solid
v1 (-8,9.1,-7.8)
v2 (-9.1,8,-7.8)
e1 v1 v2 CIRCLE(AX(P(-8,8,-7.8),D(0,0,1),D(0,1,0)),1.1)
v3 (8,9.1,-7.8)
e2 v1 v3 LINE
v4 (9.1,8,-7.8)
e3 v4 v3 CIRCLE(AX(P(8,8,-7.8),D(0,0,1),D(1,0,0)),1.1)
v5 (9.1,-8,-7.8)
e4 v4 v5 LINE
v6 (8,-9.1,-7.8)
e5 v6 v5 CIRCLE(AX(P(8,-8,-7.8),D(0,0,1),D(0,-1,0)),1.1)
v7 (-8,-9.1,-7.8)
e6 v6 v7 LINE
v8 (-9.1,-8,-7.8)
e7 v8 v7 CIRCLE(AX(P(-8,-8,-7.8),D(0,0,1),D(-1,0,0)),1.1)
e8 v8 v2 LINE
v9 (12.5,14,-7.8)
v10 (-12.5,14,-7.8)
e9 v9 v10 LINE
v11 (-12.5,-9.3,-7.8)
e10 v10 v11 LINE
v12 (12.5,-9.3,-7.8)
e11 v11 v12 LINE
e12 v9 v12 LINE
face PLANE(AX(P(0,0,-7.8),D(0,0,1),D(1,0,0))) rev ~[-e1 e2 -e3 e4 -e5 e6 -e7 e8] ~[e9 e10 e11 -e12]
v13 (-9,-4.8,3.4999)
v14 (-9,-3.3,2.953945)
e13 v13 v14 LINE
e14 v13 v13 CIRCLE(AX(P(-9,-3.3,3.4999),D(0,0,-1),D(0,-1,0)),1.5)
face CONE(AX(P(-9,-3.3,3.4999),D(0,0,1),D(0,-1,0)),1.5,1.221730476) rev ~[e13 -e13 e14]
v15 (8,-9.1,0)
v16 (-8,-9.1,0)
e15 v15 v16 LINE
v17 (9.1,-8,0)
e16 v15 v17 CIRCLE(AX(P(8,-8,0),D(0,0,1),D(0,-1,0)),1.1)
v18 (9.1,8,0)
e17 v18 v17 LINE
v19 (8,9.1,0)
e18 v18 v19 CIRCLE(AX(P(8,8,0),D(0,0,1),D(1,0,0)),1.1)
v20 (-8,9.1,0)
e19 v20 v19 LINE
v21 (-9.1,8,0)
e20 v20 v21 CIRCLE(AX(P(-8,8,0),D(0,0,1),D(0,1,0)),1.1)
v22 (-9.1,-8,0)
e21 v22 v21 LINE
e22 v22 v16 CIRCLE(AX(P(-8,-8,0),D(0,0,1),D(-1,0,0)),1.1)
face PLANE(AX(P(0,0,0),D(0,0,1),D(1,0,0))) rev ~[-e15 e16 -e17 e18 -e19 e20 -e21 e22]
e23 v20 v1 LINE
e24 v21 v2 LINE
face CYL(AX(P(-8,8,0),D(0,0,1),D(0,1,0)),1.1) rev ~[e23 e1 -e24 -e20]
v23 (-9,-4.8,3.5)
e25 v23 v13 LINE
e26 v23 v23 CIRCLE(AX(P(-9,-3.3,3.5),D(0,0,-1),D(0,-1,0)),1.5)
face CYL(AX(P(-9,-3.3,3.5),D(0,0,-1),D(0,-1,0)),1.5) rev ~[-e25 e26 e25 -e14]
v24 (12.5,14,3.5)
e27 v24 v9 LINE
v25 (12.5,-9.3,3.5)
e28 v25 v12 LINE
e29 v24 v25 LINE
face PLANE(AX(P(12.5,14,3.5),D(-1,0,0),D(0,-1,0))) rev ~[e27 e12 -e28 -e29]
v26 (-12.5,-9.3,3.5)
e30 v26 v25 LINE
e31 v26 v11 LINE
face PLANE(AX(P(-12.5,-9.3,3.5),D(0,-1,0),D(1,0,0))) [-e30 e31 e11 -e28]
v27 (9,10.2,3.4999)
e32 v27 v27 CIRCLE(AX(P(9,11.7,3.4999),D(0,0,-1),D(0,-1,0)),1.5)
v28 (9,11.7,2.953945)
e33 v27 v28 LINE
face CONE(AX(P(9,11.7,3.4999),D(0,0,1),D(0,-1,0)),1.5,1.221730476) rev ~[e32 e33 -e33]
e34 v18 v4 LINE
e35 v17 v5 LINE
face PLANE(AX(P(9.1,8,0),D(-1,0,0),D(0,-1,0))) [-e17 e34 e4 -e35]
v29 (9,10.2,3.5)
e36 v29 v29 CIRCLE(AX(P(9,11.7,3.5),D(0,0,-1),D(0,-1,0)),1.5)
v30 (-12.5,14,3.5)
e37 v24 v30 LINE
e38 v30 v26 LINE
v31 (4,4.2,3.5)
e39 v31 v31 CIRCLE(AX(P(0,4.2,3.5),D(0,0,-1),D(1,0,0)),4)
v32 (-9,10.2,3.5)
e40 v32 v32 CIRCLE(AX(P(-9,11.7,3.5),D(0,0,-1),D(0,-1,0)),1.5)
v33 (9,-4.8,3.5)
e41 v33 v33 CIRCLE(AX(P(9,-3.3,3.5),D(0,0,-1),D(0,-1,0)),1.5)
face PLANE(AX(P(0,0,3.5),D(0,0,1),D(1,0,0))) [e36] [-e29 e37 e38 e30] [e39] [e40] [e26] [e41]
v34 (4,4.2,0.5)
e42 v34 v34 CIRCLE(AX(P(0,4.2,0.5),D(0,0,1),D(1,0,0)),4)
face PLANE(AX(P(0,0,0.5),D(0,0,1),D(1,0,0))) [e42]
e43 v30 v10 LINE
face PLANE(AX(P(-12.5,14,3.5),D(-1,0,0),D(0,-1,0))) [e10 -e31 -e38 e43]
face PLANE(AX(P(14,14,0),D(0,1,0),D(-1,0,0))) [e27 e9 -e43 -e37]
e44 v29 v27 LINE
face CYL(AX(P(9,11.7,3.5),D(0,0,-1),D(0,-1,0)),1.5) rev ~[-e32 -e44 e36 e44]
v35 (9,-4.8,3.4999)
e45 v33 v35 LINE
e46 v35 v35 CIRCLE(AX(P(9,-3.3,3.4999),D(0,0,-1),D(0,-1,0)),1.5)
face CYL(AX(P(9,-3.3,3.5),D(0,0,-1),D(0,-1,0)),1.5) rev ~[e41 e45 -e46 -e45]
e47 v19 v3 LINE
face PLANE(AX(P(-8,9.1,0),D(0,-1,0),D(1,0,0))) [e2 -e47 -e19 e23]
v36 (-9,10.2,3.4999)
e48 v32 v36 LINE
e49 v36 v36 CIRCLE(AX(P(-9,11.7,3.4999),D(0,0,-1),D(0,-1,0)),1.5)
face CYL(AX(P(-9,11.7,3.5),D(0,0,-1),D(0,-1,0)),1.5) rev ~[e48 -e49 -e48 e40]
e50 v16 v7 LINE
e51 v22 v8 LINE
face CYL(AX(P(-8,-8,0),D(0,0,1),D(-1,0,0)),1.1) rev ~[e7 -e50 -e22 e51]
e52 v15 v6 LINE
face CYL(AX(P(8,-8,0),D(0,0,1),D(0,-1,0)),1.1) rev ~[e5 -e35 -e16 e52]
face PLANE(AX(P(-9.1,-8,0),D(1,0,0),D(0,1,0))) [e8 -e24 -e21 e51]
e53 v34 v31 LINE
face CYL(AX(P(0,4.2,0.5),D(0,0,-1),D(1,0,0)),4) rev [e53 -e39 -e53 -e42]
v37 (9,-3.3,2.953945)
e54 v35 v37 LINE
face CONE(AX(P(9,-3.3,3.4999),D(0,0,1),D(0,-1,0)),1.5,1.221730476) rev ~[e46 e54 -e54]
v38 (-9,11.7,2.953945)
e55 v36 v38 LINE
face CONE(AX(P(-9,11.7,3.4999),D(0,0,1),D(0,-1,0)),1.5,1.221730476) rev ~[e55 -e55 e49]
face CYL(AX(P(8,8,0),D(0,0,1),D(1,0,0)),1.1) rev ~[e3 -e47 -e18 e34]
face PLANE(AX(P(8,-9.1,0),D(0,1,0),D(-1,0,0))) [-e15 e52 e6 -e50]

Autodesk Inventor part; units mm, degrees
ref_plane "YZ Plane" through (0, 0, 0) normal (1, 0, 0) x (0, 1, 0)
ref_plane "XZ Plane" through (0, 0, 0) normal (0, 1, 0) x (-1, 0, 0)
sketch "Skizze1" plane through (0, 0, 0) normal (0, 0, 1) x (1, 0, 0)
  arc A0 (-9, -8) -> (-8, -9) centre (-8, -8) ccw projected
  line L0 (8, -9) -> (-8, -9) projected
  arc A1 (8, -9) -> (9, -8) centre (8, -8) ccw projected
  line L1 (9, 8) -> (9, -8) projected
  arc A2 (9, 8) -> (8, 9) centre (8, 8) ccw projected
  line L2 (-8, 9) -> (8, 9) projected
  arc A3 (-8, 9) -> (-9, 8) centre (-8, 8) ccw projected
  line L3 (-9, -8) -> (-9, 8) projected
  circle A4 centre (0, 0) radius 5.8 projected
  arc A5 (-8, 9.1) -> (-9.1, 8) centre (-8, 8) ccw
  line L4 (-8, 9.1) -> (8, 9.1)
  arc A6 (9.1, 8) -> (8, 9.1) centre (8, 8) ccw
  line L5 (9.1, 8) -> (9.1, -8)
  arc A7 (8, -9.1) -> (9.1, -8) centre (8, -8) ccw
  line L6 (8, -9.1) -> (-8, -9.1)
  arc A8 (-9.1, -8) -> (-8, -9.1) centre (-8, -8) ccw
  line L7 (-9.1, -8) -> (-9.1, 8)
  line L8 (14, 14) -> (-14, 14)
  line L9 (-14, 14) -> (-14, -14)
  line L10 (-14, -14) -> (14, -14)
  line L11 (14, -14) -> (14, 14)
  line L12 (14, 14) -> (-14, -14) construction
  line L13 (-14, 14) -> (14, -14) construction
  point P0 (0, 0)
  dimension "d0" = 0.1
  dimension "d1" = 28
  dimension "d2" = 28
ref_plane "Arbeitsebene1" through (-9, -9, -7.8) normal (0, 0, -1) x (0, 1, 0)
extrude "Extrusion1" add sketch "Skizze1" against normal up to surface (7.8 mm away) contours L11 L10 L9 L8
sketch "Skizze2" plane through (0, 0, 0) normal (0, 0, 1) x (1, 0, 0)
  line L0 (-14, 14) -> (-14, -14) projected
  line L1 (-14, -14) -> (14, -14) projected
  line L2 (14, -14) -> (14, 14) projected
  line L3 (14, 14) -> (-14, 14) projected
  line L4 (9.1, 8) -> (9.1, -8) projected
  arc A0 (8, -9.1) -> (9.1, -8) centre (8, -8) ccw projected
  line L5 (8, -9.1) -> (-8, -9.1) projected
  arc A1 (-9.1, -8) -> (-8, -9.1) centre (-8, -8) ccw projected
  line L6 (-9.1, -8) -> (-9.1, 8) projected
  arc A2 (-8, 9.1) -> (-9.1, 8) centre (-8, 8) ccw projected
  line L7 (-8, 9.1) -> (8, 9.1) projected
  arc A3 (9.1, 8) -> (8, 9.1) centre (8, 8) ccw projected
  line L8 (-7.6, 7.6) -> (-7.6, -7.6)
  line L9 (-7.6, -7.6) -> (7.6, -7.6)
  line L10 (7.6, -7.6) -> (7.6, 7.6)
  line L11 (7.6, 7.6) -> (-7.6, 7.6)
  point P0 (0, 0)
  dimension "d5" = 1.5
extrude "Extrusion2" add sketch "Skizze2" along normal blind 0.5 contours L3 L2 L1 L0 | L4 A0 L5 A1 L6 A2 L7 A3 | L11 L10 L9 L8
sketch "Skizze3" plane through (0, 0, 0.5) normal (0, 0, 1) x (1, 0, 0)
  line L0 (-14, -14) -> (14, -14) projected
  line L1 (14, -14) -> (14, 14) projected
  line L2 (14, 14) -> (-14, 14) projected
  line L3 (-14, 14) -> (-14, -14) projected
  circle A0 centre (0, 4.2) radius 4
  circle A1 centre (-9, -3.3) radius 2 projected
  circle A2 centre (-9, 11.7) radius 2 projected
  line L4 (-15, 21.2) -> (-15, 16.05) projected
  line L5 (-15, 16.05) -> (-12, 16.05) projected
  line L6 (-12, 16.05) -> (-12, 13.55) projected
  line L7 (-12, 13.55) -> (-15, 13.55) projected
  line L8 (-15, 13.55) -> (-15, 1.15) projected
  line L9 (-15, 1.15) -> (-12, 1.15) projected
  line L10 (-12, 1.15) -> (-12, -1.35) projected
  line L11 (-12, -1.35) -> (-15, -1.35) projected
  line L12 (-15, -1.35) -> (-15, -5.8) projected
  line L13 (-15, -5.8) -> (0, -5.8) projected
  line L14 (0, -5.8) -> (0, 0.2) projected
  arc A3 (0, 8.2) -> (0, 0.2) centre (0, 4.2) ccw projected
  line L15 (0, 8.2) -> (0, 21.2) projected
  line L16 (-15, 21.2) -> (0, 21.2) projected
  dimension "d8" = 8
extrude "Extrusion3" add sketch "Skizze3" along normal blind 3 contours L3 L13 L14 A0 L15 L2 L1 L0 | L3 L11 L10 L9 L7 L6 L2 L15 A0 L14 L13 | L3 L9 L10 L11 | L6 L7 L3 L2 | A1 | A2
sketch "Skizze4" plane through (0, 0, 3.5) normal (0, 0, 1) x (1, 0, 0)
  line L0 (14, -14) -> (14, 14) projected
  line L1 (14, 14) -> (-14, 14) projected
  line L2 (-14, 14) -> (-14, -14) projected
  line L3 (-14, -14) -> (14, -14) projected
  circle A0 centre (0, 4.2) radius 4 projected
  line L4 (5, -10.8) -> (-5, -10.8) projected
  line L5 (-14, 14) -> (-14, -14) projected
  line L6 (14, -14) -> (-14, -14)
  line L7 (-14, -14) -> (-14, -9.3)
  line L8 (-14, -9.3) -> (14, -9.3)
  line L9 (14, -9.3) -> (14, -14)
  line L10 (-14, 14) -> (-12.5, 14)
  line L11 (-12.5, 14) -> (-12.5, -9.3)
  line L12 (-12.5, -9.3) -> (-14, -9.3)
  line L13 (-14, -9.3) -> (-14, 14)
  line L14 (14, -14) -> (14, 14) projected
  line L15 (14, 14) -> (12.5, 14)
  line L16 (12.5, 14) -> (12.5, -9.3)
  line L17 (12.5, -9.3) -> (14, -9.3)
  line L18 (14, -9.3) -> (14, 14)
  point P0 (0, 0)
  point P1 (14, -9.3)
  point P2 (12.5, 14)
  dimension "d11" = 1.5
  dimension "d22" = 1.5
  dimension "d23" = 1.5
extrude "Extrusion4" cut sketch "Skizze4" against normal through all contours L3 L2 L8 L0 | L8 L16 L1 L0 | L2 L1 L11 L8
sketch "Skizze5" plane through (0, 0, 3.5) normal (0, 0, 1) x (1, 0, 0)
  circle A0 centre (-9, 11.7) radius 2 projected
  circle A1 centre (-9, -3.3) radius 2.5019 projected
  line L0 (-9, -3.3) -> (9, -3.3)
  line L1 (9, -3.3) -> (9, 11.7)
  line L2 (9, 11.7) -> (-9, 11.7)
  line L3 (-9, 11.7) -> (-9, -3.3)
  dimension "d25" = 18
hole "Bohrung1" at (9, -3.3, 3.5) at (9, 11.7, 3.5) at (-9, -3.3, 3.5) at (-9, 11.7, 3.5) direction (0, 0, -1) diameter 3 depth 0.0001 tip angle 140
properties part number "10_SOOCT_VCM_Mount_v3"
